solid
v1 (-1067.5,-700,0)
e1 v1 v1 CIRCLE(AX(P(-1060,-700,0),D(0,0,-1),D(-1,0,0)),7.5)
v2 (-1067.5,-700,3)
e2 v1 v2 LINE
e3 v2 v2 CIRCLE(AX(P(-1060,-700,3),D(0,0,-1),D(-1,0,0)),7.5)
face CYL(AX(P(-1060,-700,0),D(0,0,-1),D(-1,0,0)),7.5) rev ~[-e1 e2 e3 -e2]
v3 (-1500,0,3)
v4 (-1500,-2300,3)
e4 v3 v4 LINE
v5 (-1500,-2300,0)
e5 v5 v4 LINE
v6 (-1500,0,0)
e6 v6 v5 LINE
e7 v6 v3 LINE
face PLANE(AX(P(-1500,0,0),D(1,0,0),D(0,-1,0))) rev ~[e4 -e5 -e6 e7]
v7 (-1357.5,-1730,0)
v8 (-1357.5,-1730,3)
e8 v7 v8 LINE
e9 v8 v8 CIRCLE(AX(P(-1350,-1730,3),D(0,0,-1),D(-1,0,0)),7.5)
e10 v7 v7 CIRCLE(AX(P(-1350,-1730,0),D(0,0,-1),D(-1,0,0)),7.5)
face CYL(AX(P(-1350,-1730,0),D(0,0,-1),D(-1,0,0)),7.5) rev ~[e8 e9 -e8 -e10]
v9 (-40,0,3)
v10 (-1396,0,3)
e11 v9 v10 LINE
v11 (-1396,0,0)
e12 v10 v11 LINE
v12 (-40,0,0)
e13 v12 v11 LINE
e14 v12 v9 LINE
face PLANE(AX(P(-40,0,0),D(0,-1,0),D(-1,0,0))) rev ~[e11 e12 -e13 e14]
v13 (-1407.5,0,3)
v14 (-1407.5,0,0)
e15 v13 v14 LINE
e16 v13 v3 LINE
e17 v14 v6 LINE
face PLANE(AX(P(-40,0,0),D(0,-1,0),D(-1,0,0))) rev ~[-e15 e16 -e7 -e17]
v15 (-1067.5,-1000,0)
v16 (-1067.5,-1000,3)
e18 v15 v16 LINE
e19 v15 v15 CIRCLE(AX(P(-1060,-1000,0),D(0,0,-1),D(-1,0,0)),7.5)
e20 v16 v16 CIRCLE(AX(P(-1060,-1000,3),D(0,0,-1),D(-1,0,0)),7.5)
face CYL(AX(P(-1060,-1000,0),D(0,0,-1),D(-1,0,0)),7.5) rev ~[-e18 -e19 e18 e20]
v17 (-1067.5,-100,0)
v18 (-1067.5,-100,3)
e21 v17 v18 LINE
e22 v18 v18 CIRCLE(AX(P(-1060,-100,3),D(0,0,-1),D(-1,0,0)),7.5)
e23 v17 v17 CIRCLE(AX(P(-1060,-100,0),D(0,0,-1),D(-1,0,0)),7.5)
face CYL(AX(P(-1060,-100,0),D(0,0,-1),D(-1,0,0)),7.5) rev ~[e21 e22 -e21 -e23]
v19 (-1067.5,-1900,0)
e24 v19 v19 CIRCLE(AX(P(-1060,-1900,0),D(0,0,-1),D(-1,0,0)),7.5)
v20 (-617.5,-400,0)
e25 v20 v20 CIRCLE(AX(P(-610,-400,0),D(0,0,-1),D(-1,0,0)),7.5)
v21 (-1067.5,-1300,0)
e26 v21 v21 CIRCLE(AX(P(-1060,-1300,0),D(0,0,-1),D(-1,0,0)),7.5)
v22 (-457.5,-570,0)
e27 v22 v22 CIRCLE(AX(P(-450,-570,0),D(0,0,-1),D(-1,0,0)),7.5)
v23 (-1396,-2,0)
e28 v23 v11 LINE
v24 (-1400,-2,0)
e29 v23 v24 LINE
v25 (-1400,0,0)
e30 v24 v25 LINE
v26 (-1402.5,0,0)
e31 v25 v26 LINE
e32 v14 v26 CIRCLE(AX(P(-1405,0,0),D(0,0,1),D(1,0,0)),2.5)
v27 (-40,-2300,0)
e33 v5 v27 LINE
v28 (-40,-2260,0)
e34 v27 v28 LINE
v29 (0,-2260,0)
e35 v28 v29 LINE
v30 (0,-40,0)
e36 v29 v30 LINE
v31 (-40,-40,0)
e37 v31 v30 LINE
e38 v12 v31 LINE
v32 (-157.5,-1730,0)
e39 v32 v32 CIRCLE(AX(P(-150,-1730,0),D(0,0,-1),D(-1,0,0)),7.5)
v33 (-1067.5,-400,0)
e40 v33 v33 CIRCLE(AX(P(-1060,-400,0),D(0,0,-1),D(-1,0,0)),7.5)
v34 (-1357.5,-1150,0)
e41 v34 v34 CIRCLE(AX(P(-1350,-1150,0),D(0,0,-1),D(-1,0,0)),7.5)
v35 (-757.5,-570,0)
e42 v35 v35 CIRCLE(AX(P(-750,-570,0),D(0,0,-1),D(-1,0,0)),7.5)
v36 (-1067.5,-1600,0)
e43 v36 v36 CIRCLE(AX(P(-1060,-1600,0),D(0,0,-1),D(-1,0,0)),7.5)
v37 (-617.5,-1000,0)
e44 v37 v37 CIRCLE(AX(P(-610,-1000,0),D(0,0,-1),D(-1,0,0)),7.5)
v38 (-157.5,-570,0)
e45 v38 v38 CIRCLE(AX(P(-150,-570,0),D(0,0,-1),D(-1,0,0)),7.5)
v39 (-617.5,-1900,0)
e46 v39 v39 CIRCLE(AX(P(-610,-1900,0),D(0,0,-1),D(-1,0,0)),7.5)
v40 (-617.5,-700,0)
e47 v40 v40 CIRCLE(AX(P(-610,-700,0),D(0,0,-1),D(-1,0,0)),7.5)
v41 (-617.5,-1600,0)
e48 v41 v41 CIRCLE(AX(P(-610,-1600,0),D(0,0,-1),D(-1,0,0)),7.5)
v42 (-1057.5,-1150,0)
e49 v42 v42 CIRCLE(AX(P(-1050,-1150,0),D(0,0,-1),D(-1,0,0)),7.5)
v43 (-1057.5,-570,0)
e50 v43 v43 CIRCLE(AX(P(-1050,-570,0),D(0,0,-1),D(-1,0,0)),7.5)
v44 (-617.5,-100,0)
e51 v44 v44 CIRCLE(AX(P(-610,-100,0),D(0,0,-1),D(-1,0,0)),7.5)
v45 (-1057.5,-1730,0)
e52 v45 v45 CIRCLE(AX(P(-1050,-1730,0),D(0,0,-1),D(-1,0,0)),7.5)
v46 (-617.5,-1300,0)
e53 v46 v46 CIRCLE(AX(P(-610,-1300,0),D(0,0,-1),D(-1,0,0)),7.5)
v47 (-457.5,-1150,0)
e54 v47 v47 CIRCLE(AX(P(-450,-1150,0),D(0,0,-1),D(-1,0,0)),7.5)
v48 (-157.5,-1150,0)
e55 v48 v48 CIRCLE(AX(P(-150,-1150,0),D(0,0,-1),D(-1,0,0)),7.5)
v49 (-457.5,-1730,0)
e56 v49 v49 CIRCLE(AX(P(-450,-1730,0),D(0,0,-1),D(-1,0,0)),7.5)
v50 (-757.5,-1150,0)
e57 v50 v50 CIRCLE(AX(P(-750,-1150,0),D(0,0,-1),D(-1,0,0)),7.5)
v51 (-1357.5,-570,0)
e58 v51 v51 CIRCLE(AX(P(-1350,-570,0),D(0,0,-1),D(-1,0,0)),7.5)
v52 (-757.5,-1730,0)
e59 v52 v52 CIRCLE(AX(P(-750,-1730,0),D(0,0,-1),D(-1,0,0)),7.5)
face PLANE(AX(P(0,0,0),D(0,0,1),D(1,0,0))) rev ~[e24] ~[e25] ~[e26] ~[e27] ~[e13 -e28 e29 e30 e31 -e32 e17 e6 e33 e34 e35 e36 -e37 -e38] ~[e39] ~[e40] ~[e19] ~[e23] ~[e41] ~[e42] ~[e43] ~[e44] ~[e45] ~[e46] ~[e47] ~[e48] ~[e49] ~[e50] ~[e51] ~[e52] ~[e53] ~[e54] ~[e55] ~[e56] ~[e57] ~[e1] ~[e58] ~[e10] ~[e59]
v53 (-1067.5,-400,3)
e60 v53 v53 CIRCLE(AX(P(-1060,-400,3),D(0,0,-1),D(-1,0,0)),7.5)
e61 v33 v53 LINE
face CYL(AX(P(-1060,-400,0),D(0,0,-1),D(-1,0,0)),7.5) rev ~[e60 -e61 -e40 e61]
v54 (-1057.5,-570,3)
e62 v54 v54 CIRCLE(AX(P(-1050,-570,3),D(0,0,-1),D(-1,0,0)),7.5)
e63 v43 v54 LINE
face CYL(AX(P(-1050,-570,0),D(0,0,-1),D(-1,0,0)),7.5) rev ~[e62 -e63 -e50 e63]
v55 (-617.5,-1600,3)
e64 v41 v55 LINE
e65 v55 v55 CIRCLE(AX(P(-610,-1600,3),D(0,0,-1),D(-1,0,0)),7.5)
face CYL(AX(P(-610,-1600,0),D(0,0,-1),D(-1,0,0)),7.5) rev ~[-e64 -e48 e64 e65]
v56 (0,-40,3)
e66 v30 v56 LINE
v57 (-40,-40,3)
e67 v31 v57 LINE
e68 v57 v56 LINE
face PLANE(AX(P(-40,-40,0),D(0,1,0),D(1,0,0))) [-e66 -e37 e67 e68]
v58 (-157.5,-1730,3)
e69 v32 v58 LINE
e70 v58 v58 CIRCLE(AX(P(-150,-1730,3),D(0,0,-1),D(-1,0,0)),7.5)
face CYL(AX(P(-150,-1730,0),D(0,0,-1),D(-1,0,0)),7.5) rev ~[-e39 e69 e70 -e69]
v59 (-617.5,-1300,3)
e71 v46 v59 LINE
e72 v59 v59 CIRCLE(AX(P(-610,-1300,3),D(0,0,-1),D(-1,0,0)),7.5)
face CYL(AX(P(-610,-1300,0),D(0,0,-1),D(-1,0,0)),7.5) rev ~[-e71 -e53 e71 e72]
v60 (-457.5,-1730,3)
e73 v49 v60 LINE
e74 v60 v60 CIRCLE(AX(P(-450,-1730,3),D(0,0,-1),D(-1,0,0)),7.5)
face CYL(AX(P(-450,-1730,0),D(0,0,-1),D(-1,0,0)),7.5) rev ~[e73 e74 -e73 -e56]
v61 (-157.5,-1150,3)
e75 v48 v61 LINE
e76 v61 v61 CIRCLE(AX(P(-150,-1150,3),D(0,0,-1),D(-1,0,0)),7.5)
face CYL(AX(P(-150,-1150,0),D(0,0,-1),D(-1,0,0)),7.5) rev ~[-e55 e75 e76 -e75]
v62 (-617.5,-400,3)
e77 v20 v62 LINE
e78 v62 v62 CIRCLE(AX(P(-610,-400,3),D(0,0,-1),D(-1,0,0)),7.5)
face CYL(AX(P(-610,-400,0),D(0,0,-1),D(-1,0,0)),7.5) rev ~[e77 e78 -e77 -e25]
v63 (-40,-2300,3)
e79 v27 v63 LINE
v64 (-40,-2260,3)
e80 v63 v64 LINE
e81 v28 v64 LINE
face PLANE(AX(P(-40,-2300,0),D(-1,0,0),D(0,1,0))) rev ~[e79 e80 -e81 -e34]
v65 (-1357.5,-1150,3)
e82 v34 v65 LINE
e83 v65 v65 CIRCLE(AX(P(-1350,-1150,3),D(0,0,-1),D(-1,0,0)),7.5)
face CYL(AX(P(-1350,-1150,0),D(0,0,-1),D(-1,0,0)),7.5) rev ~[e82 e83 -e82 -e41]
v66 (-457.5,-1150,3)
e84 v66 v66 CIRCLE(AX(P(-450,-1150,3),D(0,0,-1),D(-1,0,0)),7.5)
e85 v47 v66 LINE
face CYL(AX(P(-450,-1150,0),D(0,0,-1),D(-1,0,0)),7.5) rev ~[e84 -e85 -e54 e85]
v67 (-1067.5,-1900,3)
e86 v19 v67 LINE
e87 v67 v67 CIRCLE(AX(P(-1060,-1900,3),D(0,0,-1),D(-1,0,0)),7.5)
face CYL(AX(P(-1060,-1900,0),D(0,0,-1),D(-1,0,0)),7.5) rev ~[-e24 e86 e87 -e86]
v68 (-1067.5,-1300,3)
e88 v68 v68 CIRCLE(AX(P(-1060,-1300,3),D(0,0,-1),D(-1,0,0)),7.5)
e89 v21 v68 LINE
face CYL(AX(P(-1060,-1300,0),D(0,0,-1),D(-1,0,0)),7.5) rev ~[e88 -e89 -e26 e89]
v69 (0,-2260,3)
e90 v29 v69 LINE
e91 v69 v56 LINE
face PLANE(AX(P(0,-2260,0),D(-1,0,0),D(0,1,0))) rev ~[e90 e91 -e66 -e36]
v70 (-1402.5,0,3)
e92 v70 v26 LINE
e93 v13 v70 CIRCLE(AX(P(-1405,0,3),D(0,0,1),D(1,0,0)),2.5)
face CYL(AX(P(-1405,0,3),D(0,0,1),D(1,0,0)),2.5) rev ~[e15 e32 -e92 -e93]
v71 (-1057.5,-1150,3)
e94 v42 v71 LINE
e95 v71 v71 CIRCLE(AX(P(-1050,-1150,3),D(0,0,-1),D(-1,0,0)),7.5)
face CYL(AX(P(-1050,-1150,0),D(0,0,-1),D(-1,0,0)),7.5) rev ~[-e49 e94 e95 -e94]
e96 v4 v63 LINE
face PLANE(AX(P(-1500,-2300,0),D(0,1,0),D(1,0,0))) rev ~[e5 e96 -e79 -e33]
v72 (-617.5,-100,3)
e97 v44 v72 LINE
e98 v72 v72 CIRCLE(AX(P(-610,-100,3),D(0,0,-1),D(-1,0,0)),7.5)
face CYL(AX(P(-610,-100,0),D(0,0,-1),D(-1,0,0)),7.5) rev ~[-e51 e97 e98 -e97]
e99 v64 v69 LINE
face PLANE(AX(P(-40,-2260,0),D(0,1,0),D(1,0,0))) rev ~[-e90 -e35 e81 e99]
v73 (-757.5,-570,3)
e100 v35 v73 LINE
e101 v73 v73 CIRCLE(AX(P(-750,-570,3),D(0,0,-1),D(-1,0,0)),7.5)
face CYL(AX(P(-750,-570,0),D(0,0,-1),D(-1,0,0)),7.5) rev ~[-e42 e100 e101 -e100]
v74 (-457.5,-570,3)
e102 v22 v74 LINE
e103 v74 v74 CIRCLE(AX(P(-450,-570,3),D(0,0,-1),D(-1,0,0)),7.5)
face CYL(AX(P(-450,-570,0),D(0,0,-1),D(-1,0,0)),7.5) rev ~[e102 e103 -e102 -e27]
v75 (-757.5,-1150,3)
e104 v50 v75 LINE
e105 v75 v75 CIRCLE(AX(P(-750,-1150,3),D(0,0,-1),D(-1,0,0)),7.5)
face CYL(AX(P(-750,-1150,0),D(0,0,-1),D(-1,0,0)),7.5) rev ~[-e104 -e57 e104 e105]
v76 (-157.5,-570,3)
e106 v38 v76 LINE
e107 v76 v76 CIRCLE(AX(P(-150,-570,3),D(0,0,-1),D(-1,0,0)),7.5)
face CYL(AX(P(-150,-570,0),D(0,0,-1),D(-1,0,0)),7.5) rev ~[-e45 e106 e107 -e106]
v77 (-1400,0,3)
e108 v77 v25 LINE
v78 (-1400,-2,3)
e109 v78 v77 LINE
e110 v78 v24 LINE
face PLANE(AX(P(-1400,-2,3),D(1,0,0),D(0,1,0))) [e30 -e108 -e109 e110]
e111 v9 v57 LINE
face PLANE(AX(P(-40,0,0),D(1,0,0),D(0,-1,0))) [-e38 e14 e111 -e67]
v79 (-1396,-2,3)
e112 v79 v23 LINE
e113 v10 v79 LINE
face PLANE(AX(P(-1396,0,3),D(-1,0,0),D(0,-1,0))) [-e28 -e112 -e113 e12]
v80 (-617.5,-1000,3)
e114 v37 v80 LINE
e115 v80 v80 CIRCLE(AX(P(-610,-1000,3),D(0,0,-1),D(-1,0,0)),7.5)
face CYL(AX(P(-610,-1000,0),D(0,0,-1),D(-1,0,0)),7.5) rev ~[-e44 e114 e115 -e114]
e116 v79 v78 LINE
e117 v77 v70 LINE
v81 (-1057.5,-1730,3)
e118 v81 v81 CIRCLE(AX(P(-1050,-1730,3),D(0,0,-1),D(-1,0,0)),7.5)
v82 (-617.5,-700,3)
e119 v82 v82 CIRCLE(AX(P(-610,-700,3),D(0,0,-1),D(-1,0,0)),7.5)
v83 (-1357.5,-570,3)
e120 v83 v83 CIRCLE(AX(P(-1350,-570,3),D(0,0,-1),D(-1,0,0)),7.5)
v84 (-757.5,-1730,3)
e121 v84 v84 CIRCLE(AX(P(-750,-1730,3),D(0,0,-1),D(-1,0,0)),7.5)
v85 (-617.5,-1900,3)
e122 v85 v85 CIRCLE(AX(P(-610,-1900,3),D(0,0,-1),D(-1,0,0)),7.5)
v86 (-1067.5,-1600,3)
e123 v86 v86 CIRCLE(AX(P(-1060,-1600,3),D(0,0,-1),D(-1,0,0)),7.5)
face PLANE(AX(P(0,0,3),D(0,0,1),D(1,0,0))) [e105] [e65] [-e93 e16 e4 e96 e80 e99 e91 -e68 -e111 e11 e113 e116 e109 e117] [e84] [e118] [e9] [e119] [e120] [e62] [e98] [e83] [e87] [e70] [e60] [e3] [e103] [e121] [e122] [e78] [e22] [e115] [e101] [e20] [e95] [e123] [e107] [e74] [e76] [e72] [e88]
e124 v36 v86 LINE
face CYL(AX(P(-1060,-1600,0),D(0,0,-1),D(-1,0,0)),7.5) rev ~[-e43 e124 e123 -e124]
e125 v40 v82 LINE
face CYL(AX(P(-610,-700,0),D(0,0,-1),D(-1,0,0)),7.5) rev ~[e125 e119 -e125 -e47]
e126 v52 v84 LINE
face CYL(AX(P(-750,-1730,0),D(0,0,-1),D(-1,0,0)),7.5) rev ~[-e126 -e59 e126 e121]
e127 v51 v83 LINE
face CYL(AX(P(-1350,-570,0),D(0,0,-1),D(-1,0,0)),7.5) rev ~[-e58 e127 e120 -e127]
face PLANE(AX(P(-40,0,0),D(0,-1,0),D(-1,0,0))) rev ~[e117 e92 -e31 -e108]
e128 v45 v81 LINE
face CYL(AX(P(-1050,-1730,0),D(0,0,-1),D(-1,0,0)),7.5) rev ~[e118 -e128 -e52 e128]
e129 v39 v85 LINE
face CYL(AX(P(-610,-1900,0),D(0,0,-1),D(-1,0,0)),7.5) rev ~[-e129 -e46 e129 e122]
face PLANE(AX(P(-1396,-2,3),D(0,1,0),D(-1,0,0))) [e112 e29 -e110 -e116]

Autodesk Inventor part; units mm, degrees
ref_plane "YZ Plane" through (0, 0, 0) normal (1, 0, 0) x (0, 1, 0)
ref_plane "XZ Plane" through (0, 0, 0) normal (0, 1, 0) x (-1, 0, 0)
ref_plane "XY Plane" through (0, 0, 0) normal (0, 0, 1) x (1, 0, 0)
sketch "Sketch1" plane through (0, 0, 0) normal (0, 0, 1) x (1, 0, 0)
  line L0 (0, 0) -> (-1500, 0)
  line L1 (-1500, 0) -> (-1500, -2300)
  line L2 (-1500, -2300) -> (0, -2300)
  line L3 (0, -2300) -> (0, 0)
  line L4 (0, 0) -> (-40, 0)
  line L5 (-40, 0) -> (-40, -40)
  line L6 (-40, -40) -> (0, -40)
  line L7 (0, -40) -> (0, 0)
  line L8 (0, -2300) -> (-40, -2300)
  line L9 (-40, -2300) -> (-40, -2260)
  line L10 (-40, -2260) -> (0, -2260)
  line L11 (0, -2260) -> (0, -2300)
  point P0 (0, -40)
  point P1 (-40, -2300)
  point P2 (0, -2260)
  dimension "d22" = 1500
  dimension "d23" = 2300
  dimension "d24" = 40
  dimension "d25" = 40
extrude "Plate1" add sketch "Sketch1" along normal blind 3 contours L5 L6 L3 L10 L9 L2 L1 L0
sketch "Sketch5" plane through (0, 0, 3) normal (0, 0, 1) x (1, 0, 0)
  line L0 (-1500, -2300) -> (-1500, 0) projected
  line L1 (-40, -2300) -> (-1500, -2300) projected
  line L2 (-40, -2260) -> (-40, -2300) projected
  line L3 (0, -2260) -> (-40, -2260) projected
  line L4 (0, -40) -> (0, -2260) projected
  line L5 (-40, -40) -> (0, -40) projected
  line L6 (-40, 0) -> (-40, -40) projected
  line L7 (-1500, 0) -> (-40, 0) projected
  line L8 (-1400, 0) -> (-1396, 0)
  line L9 (-1396, 0) -> (-1396, -2)
  line L10 (-1396, -2) -> (-1400, -2)
  line L11 (-1400, -2) -> (-1400, 0)
  line L12 (-1384, 0) -> (-1380, 0)
  line L13 (-1380, 0) -> (-1380, -2)
  line L14 (-1380, -2) -> (-1384, -2)
  line L15 (-1384, -2) -> (-1384, 0)
  line L16 (-1392, 0) -> (-1388, 0)
  line L17 (-1388, 0) -> (-1388, -2)
  line L18 (-1388, -2) -> (-1392, -2)
  line L19 (-1392, -2) -> (-1392, 0)
  line L20 (-1500, 0) -> (-40, 0) projected
  line L21 (-1396, -1) -> (-1392, -1)
  line L22 (-1376, 0) -> (-1373, 0)
  line L23 (-1388, -1) -> (-1384, -1)
  line L24 (-1376, 0) -> (-1375.4231, -1.3846)
  arc A0 (-1375.4231, -1.3846) -> (-1373.5769, -1.3846) centre (-1374.5, -1) ccw
  line L25 (-1373.5769, -1.3846) -> (-1373, 0)
  line L26 (-1380, 0) -> (-1376, 0)
  line L27 (-1369, 0) -> (-1365, 0)
  line L28 (-1365, 0) -> (-1365, -5)
  line L29 (-1365, -5) -> (-1369, -5)
  line L30 (-1369, -5) -> (-1369, 0)
  line L31 (-1353, 0) -> (-1349, 0)
  line L32 (-1349, 0) -> (-1349, -5)
  line L33 (-1349, -5) -> (-1353, -5)
  line L34 (-1353, -5) -> (-1353, 0)
  line L35 (-1361, 0) -> (-1357, 0)
  line L36 (-1357, 0) -> (-1357, -5)
  line L37 (-1357, -5) -> (-1361, -5)
  line L38 (-1361, -5) -> (-1361, 0)
  line L39 (-1365, -2.5) -> (-1361, -2.5)
  line L40 (-1357, -2.5) -> (-1353, -2.5)
  line L41 (-1373, 0) -> (-1369, 0)
  line L42 (-40, 0) -> (-1500, 0) projected
  circle A1 centre (-1405, 0) radius 2.5
  point P0 (0, 0)
  point P1 (-1382, 0)
  point P2 (-1390, 0)
  point P3 (-1374.5, 0)
  point P4 (-1396, 0)
  point P5 (-1351, 0)
  point P6 (-1359, 0)
  point P7 (-1367, 0)
  point P8 (-1407.5, 0)
  point P9 (-1402.5, 0)
  point P10 (-1407.5, 0)
  point P11 (-1402.5, 0)
  dimension "d34" = 4
  dimension "d35" = 2
  dimension "d36" = 1
  dimension "d37" = 100
  dimension "d40" = 3
  dimension "d41" = 4
  dimension "d42" = 5
  dimension "d43" = 5
  dimension "d44" = 5
extrude "Cut1" cut sketch "Sketch5" against normal blind 3 contours L7 A1 | L7 L9 L10 L11 picked at (-1405.7379, -0.3873)
sketch "Sketch6" plane through (0, 0, 0) normal (0, 0, -1) x (-1, 0, 0)
  line L0 (1400, 0) -> (1400, -2) construction
  line L1 (1400, -2) -> (1396, -2) construction
  line L2 (1396, -2) -> (1396, 0) construction
  line L3 (40, 0) -> (1396, 0) construction
  line L4 (40, -40) -> (40, 0) construction
  line L5 (0, -40) -> (40, -40) construction
  line L6 (0, -2260) -> (0, -40) construction
  line L7 (40, -2260) -> (0, -2260) construction
  line L8 (40, -2300) -> (40, -2260) construction
  line L9 (1500, -2300) -> (40, -2300) construction
  line L10 (1500, 0) -> (1500, -2300) construction
  line L11 (1407.5, 0) -> (1500, 0) construction
  arc A0 (1402.5, 0) -> (1407.5, 0) centre (1405, 0) ccw construction
  line L12 (1400, 0) -> (1402.5, 0) construction
  line L13 (1060, 0) -> (1060, -2300) construction
  line L14 (610, 0) -> (610, -2300) construction
  line L15 (1500, -1730) -> (0, -1730) construction
  line L16 (1500, -1150) -> (0, -1150) construction
  line L17 (1500, -570) -> (0, -570) construction
  circle A1 centre (1350, -570) radius 7.5
  circle A2 centre (1350, -1150) radius 7.5
  circle A3 centre (1350, -1730) radius 7.5
  circle A4 centre (1060, -1900) radius 7.5
  circle A5 centre (610, -1900) radius 7.5
  circle A6 centre (610, -1600) radius 7.5
  circle A7 centre (1060, -1600) radius 7.5
  circle A8 centre (610, -1300) radius 7.5
  circle A9 centre (1060, -1300) radius 7.5
  circle A10 centre (610, -1000) radius 7.5
  circle A11 centre (1060, -1000) radius 7.5
  circle A12 centre (610, -700) radius 7.5
  circle A13 centre (1060, -700) radius 7.5
  circle A14 centre (610, -400) radius 7.5
  circle A15 centre (1060, -400) radius 7.5
  circle A16 centre (610, -100) radius 7.5
  circle A17 centre (1060, -100) radius 7.5
  circle A18 centre (610, 200) radius 7.5
  circle A19 centre (1060, 200) radius 7.5
  circle A20 centre (610, 500) radius 7.5
  circle A21 centre (1060, 500) radius 7.5
  circle A22 centre (610, 800) radius 7.5
  circle A23 centre (1060, 800) radius 7.5
  circle A24 centre (610, 1100) radius 7.5
  circle A25 centre (1060, 1100) radius 7.5
  circle A26 centre (1050, -1730) radius 7.5
  circle A27 centre (1050, -1150) radius 7.5
  circle A28 centre (1050, -570) radius 7.5
  circle A29 centre (750, -1730) radius 7.5
  circle A30 centre (750, -1150) radius 7.5
  circle A31 centre (750, -570) radius 7.5
  circle A32 centre (450, -1730) radius 7.5
  circle A33 centre (450, -1150) radius 7.5
  circle A34 centre (450, -570) radius 7.5
  circle A35 centre (150, -1730) radius 7.5
  circle A36 centre (150, -1150) radius 7.5
  circle A37 centre (150, -570) radius 7.5
  circle A38 centre (-150, -1730) radius 7.5
  circle A39 centre (-150, -1150) radius 7.5
  circle A40 centre (-150, -570) radius 7.5
  circle A41 centre (-450, -1730) radius 7.5
  circle A42 centre (-450, -1150) radius 7.5
  circle A43 centre (-450, -570) radius 7.5
  point P0 (0, 0)
  dimension "d45" = 440
  dimension "d46" = 890
  dimension "d47" = 570
  dimension "d48" = 1150
  dimension "d49" = 1730
  dimension "d50" = 15
  dimension "d51" = 400
  dimension "d52" = 150
  dimension "d55" = 300
  dimension "d62" = 300
extrude "Cut2" cut sketch "Sketch6" against normal blind 3
equation "\"d25\" = d24"
equation "\"d36\" = 0.25 * d34"
equation "\"d41\" = d34"
equation "\"d38\" = Thickness"
equation "\"d67\" = Thickness"
equation "\"d2\" = Thickness"
equation "\"BendReliefWidth\" = Thickness"
equation "\"BendReliefDepth\" = 0.5 * Thickness"
equation "\"CornerReliefSize\" = 4 * Thickness"
equation "\"MinimumRemnant\" = 2 * Thickness"
equation "\"TransitionRadius\" = BendRadius"
equation "\"JacobiRadiusSize\" = BendRadius"
equation "\"GapSize\" = Thickness"
equation "\"Thickness\" = 3"
equation "\"BendRadius\" = 5"
properties part number "GnG L.1 floor sheet" material "Stainless Steel"
